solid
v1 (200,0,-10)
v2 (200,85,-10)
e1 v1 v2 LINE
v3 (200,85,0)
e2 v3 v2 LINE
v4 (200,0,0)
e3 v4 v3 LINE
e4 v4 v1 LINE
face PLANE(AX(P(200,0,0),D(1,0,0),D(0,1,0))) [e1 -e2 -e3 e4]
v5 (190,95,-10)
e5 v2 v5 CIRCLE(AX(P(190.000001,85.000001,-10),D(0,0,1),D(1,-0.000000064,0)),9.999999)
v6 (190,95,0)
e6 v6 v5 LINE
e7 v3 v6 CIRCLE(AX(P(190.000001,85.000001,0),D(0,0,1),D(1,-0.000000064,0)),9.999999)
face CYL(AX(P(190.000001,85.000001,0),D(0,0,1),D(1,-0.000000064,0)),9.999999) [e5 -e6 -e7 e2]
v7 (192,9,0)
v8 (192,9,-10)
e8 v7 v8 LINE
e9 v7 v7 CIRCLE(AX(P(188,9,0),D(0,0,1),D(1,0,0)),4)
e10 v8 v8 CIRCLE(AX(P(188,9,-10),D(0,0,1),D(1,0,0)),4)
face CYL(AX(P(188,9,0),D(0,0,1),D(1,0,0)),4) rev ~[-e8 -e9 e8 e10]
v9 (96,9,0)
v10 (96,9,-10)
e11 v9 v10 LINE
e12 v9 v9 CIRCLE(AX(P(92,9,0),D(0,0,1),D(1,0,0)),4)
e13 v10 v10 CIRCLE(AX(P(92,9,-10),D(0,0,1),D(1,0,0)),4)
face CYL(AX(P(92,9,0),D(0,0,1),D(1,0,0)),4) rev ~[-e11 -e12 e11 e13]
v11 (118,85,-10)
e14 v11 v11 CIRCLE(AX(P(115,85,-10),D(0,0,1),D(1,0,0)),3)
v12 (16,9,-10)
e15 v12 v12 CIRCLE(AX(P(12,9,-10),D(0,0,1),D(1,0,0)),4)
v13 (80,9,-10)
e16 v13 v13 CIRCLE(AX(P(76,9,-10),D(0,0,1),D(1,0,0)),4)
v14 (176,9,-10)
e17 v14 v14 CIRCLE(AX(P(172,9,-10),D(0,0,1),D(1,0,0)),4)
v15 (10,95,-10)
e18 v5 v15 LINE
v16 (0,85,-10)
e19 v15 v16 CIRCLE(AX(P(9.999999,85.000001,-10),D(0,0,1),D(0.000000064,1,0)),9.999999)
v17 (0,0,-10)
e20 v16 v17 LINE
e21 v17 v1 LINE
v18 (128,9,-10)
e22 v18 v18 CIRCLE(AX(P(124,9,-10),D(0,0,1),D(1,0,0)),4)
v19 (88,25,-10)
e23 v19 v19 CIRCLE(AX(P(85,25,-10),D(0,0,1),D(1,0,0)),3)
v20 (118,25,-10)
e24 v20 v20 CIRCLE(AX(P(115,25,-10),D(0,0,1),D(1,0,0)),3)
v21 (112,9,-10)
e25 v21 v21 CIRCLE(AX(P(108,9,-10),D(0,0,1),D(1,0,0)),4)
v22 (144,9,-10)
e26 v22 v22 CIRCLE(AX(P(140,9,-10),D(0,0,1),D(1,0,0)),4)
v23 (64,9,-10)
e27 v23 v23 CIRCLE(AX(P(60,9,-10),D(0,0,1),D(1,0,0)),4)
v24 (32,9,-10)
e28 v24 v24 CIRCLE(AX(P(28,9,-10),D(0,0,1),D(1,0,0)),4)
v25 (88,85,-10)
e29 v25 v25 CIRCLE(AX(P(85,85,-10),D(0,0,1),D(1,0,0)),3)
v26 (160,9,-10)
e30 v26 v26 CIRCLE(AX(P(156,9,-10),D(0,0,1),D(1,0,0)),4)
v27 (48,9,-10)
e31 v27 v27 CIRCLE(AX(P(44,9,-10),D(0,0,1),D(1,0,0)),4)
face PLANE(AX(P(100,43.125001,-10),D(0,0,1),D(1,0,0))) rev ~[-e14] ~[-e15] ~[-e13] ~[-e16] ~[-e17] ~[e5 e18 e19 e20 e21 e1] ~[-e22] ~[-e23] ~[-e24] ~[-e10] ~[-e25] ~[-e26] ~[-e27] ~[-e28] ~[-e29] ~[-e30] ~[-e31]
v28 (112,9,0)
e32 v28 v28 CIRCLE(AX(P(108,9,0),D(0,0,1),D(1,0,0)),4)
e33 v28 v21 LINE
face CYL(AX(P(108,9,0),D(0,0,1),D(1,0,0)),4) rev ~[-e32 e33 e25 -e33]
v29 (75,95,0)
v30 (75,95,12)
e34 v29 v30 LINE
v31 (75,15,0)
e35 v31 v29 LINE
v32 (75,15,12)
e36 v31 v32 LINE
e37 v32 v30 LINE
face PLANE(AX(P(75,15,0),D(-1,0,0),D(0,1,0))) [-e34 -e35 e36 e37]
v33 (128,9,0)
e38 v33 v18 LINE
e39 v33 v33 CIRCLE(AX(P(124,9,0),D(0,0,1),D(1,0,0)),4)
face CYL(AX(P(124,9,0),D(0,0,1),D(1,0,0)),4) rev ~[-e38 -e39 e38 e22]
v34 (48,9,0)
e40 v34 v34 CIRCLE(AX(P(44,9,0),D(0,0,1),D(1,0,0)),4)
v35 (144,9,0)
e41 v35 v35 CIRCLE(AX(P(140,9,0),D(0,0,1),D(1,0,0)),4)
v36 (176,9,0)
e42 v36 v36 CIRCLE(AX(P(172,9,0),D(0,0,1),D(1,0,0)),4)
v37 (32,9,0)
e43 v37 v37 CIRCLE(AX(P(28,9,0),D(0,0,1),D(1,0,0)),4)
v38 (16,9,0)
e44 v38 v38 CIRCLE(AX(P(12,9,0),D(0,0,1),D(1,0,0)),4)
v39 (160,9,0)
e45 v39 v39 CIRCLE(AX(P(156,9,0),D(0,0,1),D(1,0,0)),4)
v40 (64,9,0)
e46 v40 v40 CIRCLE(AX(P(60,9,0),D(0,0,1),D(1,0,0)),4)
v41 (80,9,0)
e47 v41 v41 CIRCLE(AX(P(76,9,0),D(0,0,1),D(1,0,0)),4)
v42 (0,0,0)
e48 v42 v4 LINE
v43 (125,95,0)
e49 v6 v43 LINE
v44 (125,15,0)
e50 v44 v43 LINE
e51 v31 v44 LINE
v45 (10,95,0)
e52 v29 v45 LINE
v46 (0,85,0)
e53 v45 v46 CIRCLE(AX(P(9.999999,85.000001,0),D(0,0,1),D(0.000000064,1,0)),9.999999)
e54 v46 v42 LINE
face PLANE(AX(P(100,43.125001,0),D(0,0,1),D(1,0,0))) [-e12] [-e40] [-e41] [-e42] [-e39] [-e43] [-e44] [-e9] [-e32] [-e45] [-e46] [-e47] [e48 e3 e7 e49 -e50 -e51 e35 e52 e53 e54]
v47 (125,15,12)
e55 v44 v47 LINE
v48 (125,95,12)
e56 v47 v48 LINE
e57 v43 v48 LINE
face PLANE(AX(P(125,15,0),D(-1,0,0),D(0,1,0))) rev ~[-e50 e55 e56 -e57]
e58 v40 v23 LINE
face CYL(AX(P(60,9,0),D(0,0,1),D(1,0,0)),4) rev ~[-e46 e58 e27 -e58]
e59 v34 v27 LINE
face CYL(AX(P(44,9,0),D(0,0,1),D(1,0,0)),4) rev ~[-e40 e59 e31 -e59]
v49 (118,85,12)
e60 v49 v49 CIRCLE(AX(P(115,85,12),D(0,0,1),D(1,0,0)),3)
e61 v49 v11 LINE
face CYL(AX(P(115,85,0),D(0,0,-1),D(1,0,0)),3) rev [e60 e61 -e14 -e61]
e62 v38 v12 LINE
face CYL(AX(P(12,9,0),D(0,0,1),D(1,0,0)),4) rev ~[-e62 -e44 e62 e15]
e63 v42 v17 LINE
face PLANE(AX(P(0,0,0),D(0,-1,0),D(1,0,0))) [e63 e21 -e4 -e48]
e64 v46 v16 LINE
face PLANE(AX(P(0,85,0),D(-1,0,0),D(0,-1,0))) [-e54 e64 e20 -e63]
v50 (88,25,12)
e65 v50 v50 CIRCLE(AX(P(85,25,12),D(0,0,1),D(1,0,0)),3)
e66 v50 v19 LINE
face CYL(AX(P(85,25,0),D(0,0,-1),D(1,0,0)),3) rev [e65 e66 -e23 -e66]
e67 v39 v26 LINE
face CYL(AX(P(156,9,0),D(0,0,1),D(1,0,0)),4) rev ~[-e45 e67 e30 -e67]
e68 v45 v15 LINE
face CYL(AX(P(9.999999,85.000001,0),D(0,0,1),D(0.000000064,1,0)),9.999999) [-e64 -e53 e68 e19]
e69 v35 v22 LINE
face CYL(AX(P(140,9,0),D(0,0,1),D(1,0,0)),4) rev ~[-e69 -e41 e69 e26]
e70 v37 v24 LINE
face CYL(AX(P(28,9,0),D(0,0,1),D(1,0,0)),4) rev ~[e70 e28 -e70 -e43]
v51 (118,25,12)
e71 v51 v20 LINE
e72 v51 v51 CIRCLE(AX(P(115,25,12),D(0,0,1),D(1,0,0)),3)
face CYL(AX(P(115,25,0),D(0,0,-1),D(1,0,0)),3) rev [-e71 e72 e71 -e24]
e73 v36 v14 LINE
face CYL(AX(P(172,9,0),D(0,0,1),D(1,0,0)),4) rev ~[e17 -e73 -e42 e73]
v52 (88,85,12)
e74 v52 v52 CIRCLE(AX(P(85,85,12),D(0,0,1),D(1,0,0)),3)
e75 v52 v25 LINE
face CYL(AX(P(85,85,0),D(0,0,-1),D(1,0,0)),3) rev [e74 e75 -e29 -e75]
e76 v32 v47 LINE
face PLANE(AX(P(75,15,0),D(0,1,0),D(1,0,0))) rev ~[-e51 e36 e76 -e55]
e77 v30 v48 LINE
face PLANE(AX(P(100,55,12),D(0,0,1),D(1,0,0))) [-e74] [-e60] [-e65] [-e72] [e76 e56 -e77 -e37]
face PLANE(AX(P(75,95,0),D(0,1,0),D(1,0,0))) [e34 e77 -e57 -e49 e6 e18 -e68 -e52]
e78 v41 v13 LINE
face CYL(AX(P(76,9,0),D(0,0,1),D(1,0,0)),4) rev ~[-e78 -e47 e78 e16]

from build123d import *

# Parameters (mm, degrees)
F0_R     = 4
F0_W     = 50
F0_H     = 80
F0_R_2   = 3
F1_DEPTH = 10
F2_DEPTH = 12


with BuildPart() as f1:
    # F0 (on Top) → F1 (new body)
    with BuildSketch(Plane.XY):
        with BuildLine():
            Line((0, 85), (0, 0))
            Line((0, 0), (200, 0))
            Line((200, 0), (200, 85))
            ThreePointArc((200, 85), (197.071068, 92.071068), (190, 95))
            Line((190, 95), (125, 95))
            Line((125, 95), (125, 15))
            Line((125, 15), (75, 15))
            Line((75, 15), (75, 95))
            Line((75, 95), (10, 95))
            ThreePointArc((10, 95), (2.928932, 92.071068), (0, 85))
        make_face()
        with Locations((12, 9)):
            Circle(F0_R, mode=Mode.SUBTRACT)
        with Locations((28, 9)):
            Circle(F0_R, mode=Mode.SUBTRACT)
        with Locations((44, 9)):
            Circle(F0_R, mode=Mode.SUBTRACT)
        with Locations((60, 9)):
            Circle(F0_R, mode=Mode.SUBTRACT)
        with Locations((76, 9)):
            Circle(F0_R, mode=Mode.SUBTRACT)
        with Locations((92, 9)):
            Circle(F0_R, mode=Mode.SUBTRACT)
        with Locations((108, 9)):
            Circle(F0_R, mode=Mode.SUBTRACT)
        with Locations((124, 9)):
            Circle(F0_R, mode=Mode.SUBTRACT)
        with Locations((140, 9)):
            Circle(F0_R, mode=Mode.SUBTRACT)
        with Locations((156, 9)):
            Circle(F0_R, mode=Mode.SUBTRACT)
        with Locations((172, 9)):
            Circle(F0_R, mode=Mode.SUBTRACT)
        with Locations((188, 9)):
            Circle(F0_R, mode=Mode.SUBTRACT)
        with Locations((100, 55)):
            Rectangle(F0_W, F0_H)
        with Locations((85, 25)):
            Circle(F0_R_2, mode=Mode.SUBTRACT)
        with Locations((115, 25)):
            Circle(F0_R_2, mode=Mode.SUBTRACT)
        with Locations((85, 85)):
            Circle(F0_R_2, mode=Mode.SUBTRACT)
        with Locations((115, 85)):
            Circle(F0_R_2, mode=Mode.SUBTRACT)
    extrude(amount=-F1_DEPTH)

    # F0 (on Top) → F2 (join)
    with BuildSketch(Plane.XY):
        with Locations((100, 55)):
            Rectangle(F0_W, F0_H)
        with Locations((85, 25)):
            Circle(F0_R_2, mode=Mode.SUBTRACT)
        with Locations((115, 25)):
            Circle(F0_R_2, mode=Mode.SUBTRACT)
        with Locations((85, 85)):
            Circle(F0_R_2, mode=Mode.SUBTRACT)
        with Locations((115, 85)):
            Circle(F0_R_2, mode=Mode.SUBTRACT)
    extrude(amount=F2_DEPTH)


solid = f1.part
